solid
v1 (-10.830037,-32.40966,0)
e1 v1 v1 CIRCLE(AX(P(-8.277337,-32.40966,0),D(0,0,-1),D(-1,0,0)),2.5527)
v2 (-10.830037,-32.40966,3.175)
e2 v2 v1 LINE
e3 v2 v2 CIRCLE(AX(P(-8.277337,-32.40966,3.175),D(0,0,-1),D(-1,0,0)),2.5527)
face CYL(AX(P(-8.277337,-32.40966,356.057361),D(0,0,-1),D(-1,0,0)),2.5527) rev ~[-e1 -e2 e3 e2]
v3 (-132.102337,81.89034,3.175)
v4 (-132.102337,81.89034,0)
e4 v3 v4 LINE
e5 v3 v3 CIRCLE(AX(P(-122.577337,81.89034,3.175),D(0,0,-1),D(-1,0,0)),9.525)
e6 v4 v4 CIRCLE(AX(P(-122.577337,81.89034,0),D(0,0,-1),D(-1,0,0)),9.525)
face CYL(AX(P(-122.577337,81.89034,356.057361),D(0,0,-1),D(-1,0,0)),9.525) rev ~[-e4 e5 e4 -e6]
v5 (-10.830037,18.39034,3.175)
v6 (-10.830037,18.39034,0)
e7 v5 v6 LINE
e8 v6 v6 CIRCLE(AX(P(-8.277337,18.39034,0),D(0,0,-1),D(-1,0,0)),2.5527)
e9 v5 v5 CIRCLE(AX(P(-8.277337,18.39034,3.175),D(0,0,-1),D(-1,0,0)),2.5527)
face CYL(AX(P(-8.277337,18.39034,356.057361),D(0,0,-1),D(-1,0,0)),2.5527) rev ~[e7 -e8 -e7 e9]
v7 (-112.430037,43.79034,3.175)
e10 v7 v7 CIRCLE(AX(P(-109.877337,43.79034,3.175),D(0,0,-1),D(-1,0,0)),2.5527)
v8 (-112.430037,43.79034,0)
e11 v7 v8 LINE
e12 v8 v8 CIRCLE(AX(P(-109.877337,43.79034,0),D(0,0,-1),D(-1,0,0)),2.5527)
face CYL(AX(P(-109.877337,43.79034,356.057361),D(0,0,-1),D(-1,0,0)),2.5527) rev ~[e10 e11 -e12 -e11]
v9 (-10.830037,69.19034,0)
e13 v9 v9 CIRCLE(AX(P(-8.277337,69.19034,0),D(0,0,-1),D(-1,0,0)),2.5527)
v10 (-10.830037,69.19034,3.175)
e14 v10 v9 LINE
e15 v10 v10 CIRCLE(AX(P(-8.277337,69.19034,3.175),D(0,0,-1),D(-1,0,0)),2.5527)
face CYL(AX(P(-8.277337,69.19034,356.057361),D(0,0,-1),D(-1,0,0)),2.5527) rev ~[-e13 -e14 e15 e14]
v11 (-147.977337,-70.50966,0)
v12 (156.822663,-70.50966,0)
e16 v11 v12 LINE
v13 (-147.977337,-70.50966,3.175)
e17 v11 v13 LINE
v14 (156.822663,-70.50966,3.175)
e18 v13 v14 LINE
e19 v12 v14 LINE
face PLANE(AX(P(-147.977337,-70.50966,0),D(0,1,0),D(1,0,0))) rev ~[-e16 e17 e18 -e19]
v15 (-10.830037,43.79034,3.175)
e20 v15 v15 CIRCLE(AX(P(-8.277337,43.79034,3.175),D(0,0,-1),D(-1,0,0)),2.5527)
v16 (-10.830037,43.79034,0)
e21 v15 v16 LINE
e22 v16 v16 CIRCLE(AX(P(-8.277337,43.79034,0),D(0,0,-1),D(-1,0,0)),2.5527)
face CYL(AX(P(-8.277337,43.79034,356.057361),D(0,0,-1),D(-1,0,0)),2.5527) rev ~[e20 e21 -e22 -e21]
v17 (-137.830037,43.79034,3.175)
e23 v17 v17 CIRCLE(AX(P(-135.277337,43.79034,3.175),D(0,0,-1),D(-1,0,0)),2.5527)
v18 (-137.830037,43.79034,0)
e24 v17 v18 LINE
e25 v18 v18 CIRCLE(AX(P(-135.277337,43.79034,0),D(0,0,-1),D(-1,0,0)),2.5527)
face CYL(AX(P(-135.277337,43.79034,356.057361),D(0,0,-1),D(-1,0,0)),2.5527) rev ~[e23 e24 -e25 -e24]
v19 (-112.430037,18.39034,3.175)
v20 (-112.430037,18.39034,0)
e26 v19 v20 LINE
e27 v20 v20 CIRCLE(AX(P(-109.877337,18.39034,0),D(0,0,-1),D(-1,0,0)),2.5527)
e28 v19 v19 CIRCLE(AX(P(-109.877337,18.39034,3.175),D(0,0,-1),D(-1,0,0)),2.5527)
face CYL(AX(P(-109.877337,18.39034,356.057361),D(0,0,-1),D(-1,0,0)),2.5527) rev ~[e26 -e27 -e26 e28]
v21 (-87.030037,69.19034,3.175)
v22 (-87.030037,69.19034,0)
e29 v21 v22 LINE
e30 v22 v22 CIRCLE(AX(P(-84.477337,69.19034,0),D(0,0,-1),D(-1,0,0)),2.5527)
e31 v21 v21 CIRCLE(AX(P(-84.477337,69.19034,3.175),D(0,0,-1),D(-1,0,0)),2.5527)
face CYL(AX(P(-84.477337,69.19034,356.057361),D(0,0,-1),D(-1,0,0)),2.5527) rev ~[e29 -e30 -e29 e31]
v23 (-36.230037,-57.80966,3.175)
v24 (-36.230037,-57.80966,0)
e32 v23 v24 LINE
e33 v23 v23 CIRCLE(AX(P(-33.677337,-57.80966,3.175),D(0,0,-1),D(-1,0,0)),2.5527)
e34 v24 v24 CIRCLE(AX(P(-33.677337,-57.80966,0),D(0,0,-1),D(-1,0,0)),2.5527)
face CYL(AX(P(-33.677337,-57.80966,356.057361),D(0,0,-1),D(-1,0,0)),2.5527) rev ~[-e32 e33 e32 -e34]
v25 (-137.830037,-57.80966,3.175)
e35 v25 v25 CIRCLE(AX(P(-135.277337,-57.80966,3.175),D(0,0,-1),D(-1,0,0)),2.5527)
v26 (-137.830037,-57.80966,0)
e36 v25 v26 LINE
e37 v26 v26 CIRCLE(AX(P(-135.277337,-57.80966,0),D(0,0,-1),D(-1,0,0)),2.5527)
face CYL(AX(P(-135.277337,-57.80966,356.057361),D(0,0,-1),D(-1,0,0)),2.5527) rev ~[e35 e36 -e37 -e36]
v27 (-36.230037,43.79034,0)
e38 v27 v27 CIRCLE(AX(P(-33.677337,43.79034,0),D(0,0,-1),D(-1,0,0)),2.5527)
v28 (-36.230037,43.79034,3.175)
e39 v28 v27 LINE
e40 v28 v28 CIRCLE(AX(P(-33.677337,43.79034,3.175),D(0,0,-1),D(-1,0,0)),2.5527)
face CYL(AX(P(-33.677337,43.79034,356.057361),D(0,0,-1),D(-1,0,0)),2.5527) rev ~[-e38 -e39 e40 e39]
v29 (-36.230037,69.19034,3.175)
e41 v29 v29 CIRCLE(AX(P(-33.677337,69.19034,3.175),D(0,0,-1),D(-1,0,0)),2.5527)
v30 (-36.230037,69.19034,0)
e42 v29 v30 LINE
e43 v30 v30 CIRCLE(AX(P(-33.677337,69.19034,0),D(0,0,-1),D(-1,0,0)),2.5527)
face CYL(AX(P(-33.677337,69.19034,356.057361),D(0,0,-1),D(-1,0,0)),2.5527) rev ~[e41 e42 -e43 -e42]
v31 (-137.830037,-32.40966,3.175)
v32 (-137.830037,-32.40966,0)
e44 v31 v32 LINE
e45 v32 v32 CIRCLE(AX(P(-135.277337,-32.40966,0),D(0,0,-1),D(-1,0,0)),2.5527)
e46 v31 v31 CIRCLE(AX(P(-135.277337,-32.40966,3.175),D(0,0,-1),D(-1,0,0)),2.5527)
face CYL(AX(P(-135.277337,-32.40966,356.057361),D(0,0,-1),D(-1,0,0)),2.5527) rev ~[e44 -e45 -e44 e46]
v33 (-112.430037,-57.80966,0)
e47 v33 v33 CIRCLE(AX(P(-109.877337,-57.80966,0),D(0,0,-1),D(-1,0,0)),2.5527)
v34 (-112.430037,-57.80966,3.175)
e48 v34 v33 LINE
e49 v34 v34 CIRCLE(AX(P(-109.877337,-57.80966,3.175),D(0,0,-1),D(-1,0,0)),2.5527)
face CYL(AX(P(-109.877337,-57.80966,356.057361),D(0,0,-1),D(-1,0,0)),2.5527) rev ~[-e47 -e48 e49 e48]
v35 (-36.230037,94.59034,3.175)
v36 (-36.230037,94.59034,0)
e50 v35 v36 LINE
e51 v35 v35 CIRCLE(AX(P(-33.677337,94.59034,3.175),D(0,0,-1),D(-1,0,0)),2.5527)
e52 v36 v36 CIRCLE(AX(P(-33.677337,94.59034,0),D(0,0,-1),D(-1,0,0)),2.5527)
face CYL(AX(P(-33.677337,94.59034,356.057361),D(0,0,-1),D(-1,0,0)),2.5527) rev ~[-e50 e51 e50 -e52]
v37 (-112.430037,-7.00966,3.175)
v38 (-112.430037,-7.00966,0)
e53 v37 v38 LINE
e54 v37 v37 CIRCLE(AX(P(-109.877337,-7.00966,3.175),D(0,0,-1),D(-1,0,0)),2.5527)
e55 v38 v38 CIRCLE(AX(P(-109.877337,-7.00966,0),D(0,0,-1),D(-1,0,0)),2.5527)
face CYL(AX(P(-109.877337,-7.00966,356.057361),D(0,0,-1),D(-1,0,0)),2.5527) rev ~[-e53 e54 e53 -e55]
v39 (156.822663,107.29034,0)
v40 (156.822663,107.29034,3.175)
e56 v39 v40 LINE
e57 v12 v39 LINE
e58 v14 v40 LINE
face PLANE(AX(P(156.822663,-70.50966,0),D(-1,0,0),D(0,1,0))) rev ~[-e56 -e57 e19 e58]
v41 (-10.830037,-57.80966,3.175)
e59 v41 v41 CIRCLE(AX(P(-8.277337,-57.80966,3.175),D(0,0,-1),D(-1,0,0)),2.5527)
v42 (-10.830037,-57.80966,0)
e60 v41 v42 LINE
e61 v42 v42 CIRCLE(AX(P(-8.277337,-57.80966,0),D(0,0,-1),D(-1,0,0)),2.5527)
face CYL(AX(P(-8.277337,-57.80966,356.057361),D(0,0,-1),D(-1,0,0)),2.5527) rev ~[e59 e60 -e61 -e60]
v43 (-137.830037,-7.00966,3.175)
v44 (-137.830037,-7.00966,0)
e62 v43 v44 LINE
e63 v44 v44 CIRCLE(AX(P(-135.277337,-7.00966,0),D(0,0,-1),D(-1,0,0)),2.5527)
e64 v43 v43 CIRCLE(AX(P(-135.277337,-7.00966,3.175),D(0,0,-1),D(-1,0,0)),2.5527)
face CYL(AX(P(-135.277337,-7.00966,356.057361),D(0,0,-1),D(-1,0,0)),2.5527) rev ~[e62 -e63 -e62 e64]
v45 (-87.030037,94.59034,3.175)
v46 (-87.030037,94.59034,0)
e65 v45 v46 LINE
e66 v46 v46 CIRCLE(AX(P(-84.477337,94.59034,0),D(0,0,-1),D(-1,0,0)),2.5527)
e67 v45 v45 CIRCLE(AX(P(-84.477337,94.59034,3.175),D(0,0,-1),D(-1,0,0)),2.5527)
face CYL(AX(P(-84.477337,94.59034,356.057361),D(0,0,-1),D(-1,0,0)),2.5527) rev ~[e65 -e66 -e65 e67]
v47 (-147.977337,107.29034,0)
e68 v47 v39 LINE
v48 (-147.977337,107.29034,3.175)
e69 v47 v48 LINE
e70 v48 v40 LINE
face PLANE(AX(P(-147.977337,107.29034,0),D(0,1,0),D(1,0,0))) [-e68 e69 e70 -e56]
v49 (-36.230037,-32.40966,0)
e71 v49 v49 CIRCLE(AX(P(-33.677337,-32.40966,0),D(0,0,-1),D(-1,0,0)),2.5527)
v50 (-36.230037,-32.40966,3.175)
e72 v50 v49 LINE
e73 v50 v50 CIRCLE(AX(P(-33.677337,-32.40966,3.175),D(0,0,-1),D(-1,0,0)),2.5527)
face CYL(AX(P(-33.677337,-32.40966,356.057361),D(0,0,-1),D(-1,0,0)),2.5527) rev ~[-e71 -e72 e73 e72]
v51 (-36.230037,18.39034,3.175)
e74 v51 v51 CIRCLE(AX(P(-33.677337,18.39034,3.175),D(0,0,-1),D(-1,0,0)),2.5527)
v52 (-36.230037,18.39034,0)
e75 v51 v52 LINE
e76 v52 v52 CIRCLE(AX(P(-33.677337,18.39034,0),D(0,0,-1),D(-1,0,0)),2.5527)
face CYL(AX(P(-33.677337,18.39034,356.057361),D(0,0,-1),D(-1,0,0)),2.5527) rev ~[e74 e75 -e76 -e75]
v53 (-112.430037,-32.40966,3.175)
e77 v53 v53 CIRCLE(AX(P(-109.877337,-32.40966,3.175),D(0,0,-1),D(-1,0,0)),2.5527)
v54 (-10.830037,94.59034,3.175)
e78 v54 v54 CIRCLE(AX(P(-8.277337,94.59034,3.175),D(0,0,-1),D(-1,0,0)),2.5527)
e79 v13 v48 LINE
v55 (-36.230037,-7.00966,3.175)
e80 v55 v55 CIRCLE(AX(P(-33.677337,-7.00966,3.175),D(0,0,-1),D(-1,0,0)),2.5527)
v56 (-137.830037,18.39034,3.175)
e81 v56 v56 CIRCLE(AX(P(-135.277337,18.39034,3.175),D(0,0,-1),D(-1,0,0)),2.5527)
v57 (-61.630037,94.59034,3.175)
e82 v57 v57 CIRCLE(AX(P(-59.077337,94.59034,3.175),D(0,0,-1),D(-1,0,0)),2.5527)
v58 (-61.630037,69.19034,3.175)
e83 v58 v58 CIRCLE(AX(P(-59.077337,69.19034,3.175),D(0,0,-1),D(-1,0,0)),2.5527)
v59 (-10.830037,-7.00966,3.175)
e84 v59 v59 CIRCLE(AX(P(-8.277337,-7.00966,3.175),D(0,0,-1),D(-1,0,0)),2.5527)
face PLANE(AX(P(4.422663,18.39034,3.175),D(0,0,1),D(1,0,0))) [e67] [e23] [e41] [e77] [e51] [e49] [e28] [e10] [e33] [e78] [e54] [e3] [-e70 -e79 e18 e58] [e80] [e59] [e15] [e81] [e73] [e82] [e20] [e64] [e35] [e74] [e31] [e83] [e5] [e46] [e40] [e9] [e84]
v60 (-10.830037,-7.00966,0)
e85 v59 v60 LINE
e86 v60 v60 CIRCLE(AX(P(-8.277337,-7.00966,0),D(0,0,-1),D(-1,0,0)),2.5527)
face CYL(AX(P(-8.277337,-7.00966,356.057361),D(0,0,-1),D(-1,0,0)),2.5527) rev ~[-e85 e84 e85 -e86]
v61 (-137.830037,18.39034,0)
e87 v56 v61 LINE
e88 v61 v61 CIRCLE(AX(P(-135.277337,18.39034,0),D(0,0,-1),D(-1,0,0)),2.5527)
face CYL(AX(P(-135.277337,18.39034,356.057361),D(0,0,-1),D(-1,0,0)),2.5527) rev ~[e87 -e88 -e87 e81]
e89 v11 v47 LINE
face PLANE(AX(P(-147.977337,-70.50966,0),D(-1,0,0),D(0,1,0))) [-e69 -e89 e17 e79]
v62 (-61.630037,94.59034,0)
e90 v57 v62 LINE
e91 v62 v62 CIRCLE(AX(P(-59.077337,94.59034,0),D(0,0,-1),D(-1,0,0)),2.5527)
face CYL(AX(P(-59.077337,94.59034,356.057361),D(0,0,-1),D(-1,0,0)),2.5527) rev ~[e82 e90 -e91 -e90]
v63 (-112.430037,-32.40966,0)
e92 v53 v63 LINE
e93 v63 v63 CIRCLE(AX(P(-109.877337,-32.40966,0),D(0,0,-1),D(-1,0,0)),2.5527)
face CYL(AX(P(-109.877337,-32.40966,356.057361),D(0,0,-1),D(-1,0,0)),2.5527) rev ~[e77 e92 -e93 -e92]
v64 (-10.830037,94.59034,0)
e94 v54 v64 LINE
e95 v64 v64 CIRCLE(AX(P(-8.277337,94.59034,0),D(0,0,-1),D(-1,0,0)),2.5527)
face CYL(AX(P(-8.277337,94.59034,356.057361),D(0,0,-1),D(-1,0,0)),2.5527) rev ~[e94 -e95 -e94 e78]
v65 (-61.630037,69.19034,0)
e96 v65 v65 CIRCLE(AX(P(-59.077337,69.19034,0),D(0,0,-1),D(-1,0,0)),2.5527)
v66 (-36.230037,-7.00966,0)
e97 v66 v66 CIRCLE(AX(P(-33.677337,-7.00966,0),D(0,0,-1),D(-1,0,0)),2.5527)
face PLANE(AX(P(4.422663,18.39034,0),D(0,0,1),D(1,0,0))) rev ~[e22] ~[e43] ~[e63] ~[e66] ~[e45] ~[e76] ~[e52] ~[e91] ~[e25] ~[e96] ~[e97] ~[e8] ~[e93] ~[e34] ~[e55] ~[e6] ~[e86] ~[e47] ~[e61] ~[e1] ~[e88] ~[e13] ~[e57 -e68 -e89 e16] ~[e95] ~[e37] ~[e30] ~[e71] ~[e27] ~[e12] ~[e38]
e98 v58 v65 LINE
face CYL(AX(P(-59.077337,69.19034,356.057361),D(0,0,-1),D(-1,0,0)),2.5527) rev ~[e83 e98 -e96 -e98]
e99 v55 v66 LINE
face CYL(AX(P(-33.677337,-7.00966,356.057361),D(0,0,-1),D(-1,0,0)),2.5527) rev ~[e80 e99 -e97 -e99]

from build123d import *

# Parameters (mm, degrees)
F0_W     = 304.8
F0_H     = 177.8
F1_DEPTH = 3.175
F3_D     = 5.1054
F4_D     = 19.05


with BuildPart() as f1:
    # F0 (on Top) → F1 (new body)
    with BuildSketch(Plane.XY):
        with Locations((4.422663, 18.39034)):
            Rectangle(F0_W, F0_H)
    extrude(amount=F1_DEPTH)

    # F3 (through all)
    with Locations(Plane.XY.offset(3.175)):
        with Locations((-33.677337, -32.40966), (-33.677337, 94.59034), (-33.677337, 43.79034), (-8.277337, 43.79034), (-33.677337, -57.80966), (-8.277337, 18.39034), (-8.277337, -7.00966), (-8.277337, -57.80966), (-84.477337, 94.59034), (-8.277337, 94.59034), (-8.277337, -32.40966), (-59.077337, 69.19034), (-33.677337, 18.39034), (-59.077337, 94.59034), (-33.677337, -7.00966), (-8.277337, 69.19034), (-84.477337, 69.19034), (-33.677337, 69.19034), (-135.277337, 43.79034), (-135.277337, 18.39034), (-109.877337, -32.40966), (-109.877337, 43.79034), (-109.877337, -57.80966), (-135.277337, -57.80966), (-109.877337, -7.00966), (-135.277337, -32.40966), (-109.877337, 18.39034), (-135.277337, -7.00966)):
            Hole(F3_D / 2)

    # F4 (through all)
    with Locations(Plane.XY.offset(3.175)):
        with Locations((-122.577337, 81.89034)):
            Hole(F4_D / 2)


solid = f1.part
